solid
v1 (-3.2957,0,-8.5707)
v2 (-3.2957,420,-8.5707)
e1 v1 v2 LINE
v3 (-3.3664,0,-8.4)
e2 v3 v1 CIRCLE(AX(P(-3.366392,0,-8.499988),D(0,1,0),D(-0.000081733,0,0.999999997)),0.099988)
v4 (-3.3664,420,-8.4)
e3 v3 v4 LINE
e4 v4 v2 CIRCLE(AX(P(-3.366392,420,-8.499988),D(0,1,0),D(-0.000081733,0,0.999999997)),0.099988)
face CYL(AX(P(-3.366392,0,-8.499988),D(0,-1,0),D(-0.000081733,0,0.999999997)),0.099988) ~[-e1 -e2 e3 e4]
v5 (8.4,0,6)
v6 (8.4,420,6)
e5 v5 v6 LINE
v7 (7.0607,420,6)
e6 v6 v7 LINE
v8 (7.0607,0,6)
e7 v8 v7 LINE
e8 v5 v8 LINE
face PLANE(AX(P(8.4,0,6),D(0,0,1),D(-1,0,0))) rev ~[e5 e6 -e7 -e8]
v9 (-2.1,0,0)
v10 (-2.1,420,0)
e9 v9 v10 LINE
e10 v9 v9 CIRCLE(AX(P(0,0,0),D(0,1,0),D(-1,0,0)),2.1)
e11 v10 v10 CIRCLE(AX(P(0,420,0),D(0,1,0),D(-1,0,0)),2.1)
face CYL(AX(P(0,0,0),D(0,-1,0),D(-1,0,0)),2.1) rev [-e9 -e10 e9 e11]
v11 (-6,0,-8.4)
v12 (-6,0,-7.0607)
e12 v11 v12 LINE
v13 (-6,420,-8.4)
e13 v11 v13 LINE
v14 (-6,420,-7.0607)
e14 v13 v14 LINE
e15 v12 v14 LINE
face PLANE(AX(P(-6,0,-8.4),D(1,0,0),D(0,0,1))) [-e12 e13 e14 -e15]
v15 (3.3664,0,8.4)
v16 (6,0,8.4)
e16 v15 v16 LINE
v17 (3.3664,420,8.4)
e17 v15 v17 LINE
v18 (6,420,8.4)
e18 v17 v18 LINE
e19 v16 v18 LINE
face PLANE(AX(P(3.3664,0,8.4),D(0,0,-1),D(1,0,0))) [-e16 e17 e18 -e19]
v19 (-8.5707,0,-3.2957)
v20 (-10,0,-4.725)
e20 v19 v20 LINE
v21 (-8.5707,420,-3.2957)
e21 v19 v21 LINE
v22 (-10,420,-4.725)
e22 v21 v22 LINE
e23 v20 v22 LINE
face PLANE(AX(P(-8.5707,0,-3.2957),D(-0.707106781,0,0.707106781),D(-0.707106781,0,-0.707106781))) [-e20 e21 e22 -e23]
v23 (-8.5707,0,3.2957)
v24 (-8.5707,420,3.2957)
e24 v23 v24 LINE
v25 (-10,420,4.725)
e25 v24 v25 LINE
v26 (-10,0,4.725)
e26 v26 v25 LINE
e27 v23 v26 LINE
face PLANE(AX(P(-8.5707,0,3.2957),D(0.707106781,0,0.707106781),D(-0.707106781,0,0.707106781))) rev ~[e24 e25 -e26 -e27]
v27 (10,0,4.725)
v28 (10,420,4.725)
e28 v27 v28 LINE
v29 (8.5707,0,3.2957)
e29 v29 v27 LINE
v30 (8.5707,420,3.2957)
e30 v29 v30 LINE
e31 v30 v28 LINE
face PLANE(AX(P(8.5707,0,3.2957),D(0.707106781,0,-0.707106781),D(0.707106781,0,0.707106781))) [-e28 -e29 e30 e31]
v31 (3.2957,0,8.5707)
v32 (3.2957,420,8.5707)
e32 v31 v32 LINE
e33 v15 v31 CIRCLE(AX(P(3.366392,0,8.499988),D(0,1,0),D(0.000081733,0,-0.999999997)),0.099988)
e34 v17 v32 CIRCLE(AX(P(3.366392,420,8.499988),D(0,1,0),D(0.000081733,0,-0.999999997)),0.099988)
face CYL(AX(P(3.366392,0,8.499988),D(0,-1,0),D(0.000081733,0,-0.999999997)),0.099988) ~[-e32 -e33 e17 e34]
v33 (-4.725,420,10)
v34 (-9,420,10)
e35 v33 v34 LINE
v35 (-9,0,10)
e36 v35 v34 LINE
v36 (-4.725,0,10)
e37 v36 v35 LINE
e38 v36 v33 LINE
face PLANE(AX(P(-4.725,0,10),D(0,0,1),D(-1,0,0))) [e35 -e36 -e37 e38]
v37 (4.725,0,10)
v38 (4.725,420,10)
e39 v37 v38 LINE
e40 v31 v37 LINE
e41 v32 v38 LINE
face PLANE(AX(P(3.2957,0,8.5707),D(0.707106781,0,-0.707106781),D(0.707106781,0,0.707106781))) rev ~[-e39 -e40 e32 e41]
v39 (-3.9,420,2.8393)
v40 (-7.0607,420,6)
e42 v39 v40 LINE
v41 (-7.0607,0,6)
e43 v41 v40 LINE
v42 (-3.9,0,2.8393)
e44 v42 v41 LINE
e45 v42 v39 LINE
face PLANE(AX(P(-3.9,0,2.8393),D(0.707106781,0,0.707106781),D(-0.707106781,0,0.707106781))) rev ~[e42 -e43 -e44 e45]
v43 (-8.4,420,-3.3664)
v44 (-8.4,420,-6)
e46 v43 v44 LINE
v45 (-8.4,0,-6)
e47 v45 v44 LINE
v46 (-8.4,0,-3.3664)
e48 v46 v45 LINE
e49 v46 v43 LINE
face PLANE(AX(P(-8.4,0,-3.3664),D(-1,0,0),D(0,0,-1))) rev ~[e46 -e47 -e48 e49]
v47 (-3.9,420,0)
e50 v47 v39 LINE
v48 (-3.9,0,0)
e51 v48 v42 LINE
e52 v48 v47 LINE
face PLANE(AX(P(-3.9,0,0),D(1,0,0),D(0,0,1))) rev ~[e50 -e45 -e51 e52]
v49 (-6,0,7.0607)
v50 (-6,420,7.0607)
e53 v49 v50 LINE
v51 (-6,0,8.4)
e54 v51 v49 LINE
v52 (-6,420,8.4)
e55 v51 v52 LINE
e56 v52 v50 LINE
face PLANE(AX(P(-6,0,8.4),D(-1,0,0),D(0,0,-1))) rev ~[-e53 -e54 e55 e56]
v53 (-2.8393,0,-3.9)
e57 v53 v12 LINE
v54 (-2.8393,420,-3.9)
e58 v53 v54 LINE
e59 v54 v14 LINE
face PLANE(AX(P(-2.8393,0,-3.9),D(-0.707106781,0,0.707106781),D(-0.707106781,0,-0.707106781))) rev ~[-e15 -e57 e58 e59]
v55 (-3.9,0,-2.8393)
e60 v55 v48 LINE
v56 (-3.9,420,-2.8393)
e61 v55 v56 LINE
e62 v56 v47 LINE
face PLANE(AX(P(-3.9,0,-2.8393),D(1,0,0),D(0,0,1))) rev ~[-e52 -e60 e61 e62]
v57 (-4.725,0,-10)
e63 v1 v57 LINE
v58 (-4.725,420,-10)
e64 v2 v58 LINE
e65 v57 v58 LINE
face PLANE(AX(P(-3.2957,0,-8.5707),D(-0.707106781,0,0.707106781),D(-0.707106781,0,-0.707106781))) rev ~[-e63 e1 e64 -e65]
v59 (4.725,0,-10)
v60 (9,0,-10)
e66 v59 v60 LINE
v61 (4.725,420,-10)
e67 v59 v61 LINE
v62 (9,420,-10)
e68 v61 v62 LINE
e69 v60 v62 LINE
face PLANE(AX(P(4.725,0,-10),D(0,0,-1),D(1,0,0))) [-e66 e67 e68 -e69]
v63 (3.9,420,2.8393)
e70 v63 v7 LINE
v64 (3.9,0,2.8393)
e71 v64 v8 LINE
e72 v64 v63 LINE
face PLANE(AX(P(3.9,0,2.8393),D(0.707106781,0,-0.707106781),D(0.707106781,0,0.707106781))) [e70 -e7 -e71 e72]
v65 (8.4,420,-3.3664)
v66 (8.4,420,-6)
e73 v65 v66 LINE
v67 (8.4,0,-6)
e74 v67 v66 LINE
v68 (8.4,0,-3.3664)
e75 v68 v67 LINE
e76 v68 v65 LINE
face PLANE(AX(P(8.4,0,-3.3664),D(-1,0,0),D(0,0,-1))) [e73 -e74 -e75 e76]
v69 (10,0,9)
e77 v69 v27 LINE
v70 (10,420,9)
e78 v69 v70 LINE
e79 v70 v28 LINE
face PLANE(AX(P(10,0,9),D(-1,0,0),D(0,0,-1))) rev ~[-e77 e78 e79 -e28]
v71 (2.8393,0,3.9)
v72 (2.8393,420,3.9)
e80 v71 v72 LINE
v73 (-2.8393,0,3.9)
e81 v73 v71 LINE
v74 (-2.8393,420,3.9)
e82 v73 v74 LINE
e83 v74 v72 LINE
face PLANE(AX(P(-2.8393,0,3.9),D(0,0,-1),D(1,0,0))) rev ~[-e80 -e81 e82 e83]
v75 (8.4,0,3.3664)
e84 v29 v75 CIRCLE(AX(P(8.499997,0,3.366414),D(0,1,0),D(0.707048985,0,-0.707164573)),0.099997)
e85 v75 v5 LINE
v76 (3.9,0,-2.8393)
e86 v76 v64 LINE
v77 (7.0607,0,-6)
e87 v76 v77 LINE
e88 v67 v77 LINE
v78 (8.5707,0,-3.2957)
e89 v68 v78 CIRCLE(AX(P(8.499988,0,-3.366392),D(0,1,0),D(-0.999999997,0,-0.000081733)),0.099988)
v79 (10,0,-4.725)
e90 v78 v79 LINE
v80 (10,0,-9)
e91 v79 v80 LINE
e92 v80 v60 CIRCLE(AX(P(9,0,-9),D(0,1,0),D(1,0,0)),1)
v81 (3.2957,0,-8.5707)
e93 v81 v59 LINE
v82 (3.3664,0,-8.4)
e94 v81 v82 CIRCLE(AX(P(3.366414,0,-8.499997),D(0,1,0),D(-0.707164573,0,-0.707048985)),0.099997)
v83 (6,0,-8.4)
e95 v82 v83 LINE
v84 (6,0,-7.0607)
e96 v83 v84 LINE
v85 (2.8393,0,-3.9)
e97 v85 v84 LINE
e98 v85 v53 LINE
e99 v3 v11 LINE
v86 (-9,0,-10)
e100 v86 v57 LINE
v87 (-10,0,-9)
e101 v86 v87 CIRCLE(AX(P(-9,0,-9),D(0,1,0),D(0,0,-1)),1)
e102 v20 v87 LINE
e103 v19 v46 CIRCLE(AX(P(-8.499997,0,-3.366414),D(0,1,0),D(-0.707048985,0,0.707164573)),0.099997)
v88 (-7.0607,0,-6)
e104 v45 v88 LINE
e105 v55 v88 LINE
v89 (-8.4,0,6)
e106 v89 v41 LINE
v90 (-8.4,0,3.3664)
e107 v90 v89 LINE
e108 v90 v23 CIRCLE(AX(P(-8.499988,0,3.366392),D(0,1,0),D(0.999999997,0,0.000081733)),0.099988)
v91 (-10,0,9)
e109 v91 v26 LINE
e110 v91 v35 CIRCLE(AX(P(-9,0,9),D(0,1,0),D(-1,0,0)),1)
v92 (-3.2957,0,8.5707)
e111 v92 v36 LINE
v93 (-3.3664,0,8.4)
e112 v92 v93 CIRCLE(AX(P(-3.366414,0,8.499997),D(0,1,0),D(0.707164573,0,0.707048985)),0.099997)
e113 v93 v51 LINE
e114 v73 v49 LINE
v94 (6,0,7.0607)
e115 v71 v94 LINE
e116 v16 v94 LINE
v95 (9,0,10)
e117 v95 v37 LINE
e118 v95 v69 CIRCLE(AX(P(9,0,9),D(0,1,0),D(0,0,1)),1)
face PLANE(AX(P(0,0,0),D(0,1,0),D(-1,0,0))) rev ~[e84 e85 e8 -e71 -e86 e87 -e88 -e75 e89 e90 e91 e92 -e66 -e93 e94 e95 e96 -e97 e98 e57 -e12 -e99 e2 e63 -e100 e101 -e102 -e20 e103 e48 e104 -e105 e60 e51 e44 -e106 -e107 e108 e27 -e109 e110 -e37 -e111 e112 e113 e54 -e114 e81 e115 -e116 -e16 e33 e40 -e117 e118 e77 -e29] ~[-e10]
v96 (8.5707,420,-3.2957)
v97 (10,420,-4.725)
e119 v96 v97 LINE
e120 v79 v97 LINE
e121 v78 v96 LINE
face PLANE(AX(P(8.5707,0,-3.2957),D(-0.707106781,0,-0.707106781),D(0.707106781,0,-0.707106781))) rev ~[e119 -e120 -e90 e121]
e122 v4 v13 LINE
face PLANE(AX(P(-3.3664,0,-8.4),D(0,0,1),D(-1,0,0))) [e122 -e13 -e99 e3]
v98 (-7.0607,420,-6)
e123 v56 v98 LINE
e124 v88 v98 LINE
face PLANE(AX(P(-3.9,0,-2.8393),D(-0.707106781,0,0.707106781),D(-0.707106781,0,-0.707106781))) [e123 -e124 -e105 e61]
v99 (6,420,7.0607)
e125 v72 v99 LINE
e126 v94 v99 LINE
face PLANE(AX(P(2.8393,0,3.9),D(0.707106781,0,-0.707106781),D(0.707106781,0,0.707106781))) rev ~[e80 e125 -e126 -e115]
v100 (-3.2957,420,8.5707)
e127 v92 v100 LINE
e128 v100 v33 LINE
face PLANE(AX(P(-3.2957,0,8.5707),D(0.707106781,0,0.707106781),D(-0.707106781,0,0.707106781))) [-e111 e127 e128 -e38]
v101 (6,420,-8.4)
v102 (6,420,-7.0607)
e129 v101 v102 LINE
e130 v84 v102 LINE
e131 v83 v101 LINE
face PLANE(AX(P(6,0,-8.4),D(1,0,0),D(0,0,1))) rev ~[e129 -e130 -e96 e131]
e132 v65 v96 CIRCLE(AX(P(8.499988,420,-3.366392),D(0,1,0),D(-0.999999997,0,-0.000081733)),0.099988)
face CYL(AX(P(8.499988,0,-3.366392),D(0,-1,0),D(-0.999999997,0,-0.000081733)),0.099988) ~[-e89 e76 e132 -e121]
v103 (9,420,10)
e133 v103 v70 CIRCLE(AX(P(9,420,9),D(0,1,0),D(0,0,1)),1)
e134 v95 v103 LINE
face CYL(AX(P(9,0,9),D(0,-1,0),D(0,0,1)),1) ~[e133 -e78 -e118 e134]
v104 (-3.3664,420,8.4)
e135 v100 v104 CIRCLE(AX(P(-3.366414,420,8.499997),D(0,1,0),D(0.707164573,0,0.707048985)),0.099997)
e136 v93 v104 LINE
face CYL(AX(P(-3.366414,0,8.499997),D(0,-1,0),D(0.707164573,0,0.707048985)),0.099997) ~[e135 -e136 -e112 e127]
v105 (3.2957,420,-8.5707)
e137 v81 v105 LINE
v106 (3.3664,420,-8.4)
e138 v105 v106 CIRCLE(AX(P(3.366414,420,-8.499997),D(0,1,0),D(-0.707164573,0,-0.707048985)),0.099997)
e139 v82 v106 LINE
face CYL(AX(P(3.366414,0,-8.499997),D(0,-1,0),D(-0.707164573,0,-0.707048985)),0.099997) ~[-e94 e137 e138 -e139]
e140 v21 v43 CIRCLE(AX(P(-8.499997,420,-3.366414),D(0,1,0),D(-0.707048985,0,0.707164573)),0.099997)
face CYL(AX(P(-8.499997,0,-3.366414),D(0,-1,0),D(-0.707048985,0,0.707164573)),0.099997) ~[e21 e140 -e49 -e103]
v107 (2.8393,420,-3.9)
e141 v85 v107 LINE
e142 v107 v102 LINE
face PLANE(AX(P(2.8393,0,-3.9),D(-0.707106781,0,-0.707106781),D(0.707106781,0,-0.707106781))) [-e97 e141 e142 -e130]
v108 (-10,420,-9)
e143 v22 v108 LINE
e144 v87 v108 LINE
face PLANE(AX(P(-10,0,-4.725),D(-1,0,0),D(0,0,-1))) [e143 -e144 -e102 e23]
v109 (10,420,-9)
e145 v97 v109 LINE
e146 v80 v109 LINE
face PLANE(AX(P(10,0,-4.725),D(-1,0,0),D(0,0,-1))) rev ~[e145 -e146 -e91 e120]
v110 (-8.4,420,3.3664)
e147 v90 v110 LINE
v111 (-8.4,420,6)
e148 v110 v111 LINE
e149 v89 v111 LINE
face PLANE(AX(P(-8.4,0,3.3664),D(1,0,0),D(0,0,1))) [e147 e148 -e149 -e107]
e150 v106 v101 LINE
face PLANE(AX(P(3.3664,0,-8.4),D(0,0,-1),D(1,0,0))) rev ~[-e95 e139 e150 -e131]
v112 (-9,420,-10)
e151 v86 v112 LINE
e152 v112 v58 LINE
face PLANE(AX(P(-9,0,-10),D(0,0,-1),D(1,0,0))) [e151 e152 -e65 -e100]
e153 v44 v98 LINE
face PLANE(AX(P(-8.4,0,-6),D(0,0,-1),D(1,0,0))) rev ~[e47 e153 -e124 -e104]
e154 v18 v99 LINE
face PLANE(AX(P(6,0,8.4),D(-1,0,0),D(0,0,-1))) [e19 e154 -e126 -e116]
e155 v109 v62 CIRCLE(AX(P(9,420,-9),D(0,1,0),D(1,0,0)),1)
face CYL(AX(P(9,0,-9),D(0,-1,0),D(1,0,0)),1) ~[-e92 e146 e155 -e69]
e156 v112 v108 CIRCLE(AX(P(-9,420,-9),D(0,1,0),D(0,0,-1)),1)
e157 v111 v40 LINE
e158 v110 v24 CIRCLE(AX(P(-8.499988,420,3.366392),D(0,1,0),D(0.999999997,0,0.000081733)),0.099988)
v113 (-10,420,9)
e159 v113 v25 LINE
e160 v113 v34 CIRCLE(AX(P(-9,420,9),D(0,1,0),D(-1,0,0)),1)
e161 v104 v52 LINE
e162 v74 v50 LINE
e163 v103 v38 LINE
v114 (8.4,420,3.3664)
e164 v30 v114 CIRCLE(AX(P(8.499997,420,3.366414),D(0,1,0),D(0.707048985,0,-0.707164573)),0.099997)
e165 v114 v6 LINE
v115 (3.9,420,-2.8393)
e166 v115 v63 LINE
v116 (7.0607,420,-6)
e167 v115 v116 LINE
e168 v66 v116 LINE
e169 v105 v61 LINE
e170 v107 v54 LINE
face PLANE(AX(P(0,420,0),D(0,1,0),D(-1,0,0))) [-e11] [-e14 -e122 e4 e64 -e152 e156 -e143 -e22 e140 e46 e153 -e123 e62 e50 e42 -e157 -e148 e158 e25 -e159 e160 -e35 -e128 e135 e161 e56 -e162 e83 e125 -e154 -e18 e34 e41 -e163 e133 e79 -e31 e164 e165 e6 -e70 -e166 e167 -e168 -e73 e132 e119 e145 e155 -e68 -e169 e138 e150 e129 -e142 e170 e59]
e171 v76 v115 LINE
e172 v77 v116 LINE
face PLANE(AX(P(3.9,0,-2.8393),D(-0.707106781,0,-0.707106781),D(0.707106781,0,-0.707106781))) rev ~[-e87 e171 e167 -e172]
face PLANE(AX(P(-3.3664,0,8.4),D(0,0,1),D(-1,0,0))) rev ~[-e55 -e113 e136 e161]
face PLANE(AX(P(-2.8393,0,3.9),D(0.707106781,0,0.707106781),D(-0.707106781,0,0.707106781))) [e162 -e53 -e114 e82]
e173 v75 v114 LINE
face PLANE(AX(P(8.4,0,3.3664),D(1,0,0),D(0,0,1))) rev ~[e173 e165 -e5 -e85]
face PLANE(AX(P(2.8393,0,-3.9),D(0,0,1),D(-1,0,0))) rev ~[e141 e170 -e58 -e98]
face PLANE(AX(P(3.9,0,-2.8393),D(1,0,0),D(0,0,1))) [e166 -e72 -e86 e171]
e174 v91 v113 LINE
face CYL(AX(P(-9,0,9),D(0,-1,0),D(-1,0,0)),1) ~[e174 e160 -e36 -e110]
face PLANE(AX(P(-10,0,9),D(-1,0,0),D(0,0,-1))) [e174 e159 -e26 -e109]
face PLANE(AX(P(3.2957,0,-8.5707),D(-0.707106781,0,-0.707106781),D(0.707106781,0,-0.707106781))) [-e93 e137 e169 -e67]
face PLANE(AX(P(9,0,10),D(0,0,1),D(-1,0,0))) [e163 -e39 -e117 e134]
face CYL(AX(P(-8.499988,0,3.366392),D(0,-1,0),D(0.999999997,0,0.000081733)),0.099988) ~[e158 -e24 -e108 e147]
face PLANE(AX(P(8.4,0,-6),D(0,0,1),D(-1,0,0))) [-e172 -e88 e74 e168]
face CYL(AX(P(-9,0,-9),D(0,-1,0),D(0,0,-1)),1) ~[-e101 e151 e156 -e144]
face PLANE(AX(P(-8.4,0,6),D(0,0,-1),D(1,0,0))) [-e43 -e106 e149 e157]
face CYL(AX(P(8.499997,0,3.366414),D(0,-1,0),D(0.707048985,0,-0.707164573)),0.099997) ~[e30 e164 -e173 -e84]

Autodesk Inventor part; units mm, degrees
ref_plane "YZ Plane" through (0, 0, 0) normal (1, 0, 0) x (0, 1, 0)
ref_plane "XZ Plane" through (0, 0, 0) normal (0, 1, 0) x (-1, 0, 0)
ref_plane "XY Plane" through (0, 0, 0) normal (0, 0, 1) x (1, 0, 0)
sketch "Sketch1" plane through (0, 0, 0) normal (0, 1, 0) x (-1, 0, 0)
  line L0 (3.9, -2.8393) -> (3.9, 2.8393)
  line L1 (2.8393, 3.9) -> (-2.8393, 3.9)
  line L2 (-2.8393, -3.9) -> (2.8393, -3.9)
  line L3 (8.5707, 3.2957) -> (10, 4.725)
  line L4 (8.5707, -3.2957) -> (10, -4.725)
  line L5 (8.4, 3.3664) -> (8.4, 6)
  line L6 (8.4, 6) -> (7.0607, 6)
  line L7 (10, 9) -> (10, 4.725)
  line L8 (10, -4.725) -> (10, -9)
  line L9 (3.9, 2.8393) -> (7.0607, 6)
  line L10 (3.2957, 8.5707) -> (4.725, 10)
  line L11 (3.3664, 8.4) -> (6, 8.4)
  line L12 (6, 8.4) -> (6, 7.0607)
  line L13 (2.8393, 3.9) -> (6, 7.0607)
  line L14 (3.9, 0) -> (8.4, 0)
  line L15 (8.4, -3.3664) -> (8.4, -6)
  line L16 (8.4, -6) -> (7.0607, -6)
  line L17 (3.9, -2.8393) -> (7.0607, -6)
  line L18 (3.2957, -8.5707) -> (4.725, -10)
  line L19 (3.3664, -8.4) -> (6, -8.4)
  line L20 (6, -8.4) -> (6, -7.0607)
  line L21 (2.8393, -3.9) -> (6, -7.0607)
  line L22 (-3.9, -2.8393) -> (-3.9, 2.8393)
  line L23 (-8.5707, 3.2957) -> (-10, 4.725)
  line L24 (-8.5707, -3.2957) -> (-10, -4.725)
  line L25 (-8.4, 3.3664) -> (-8.4, 6)
  line L26 (-8.4, 6) -> (-7.0607, 6)
  line L27 (-10, 9) -> (-10, 4.725)
  line L28 (-10, -4.725) -> (-10, -9)
  line L29 (-3.9, 2.8393) -> (-7.0607, 6)
  line L30 (-3.2957, 8.5707) -> (-4.725, 10)
  line L31 (-3.3664, 8.4) -> (-6, 8.4)
  line L32 (-6, 8.4) -> (-6, 7.0607)
  line L33 (-2.8393, 3.9) -> (-6, 7.0607)
  line L34 (-3.9, -2.8393) -> (-7.0607, -6)
  line L35 (-8.4, -6) -> (-7.0607, -6)
  line L36 (-8.4, -3.3664) -> (-8.4, -6)
  line L37 (-2.8393, -3.9) -> (-6, -7.0607)
  line L38 (-6, -8.4) -> (-6, -7.0607)
  line L39 (-3.3664, -8.4) -> (-6, -8.4)
  line L40 (-3.2957, -8.5707) -> (-4.725, -10)
  line L41 (-9, 10) -> (-4.725, 10)
  line L42 (4.725, 10) -> (9, 10)
  line L43 (9, -10) -> (4.725, -10)
  line L44 (-4.725, -10) -> (-9, -10)
  circle A0 centre (0, 0) radius 2.1
  arc A1 (10, 9) -> (9, 10) centre (9, 9) ccw
  arc A2 (9, -10) -> (10, -9) centre (9, -9) ccw
  arc A3 (-10, -9) -> (-9, -10) centre (-9, -9) ccw
  arc A4 (-9, 10) -> (-10, 9) centre (-9, 9) ccw
  arc A5 (8.4, 3.3664) -> (8.5707, 3.2957) centre (8.5, 3.3664) ccw
  arc A6 (3.2957, 8.5707) -> (3.3664, 8.4) centre (3.3664, 8.5) ccw
  arc A7 (8.5707, -3.2957) -> (8.4, -3.3664) centre (8.5, -3.3664) ccw
  arc A8 (3.3664, -8.4) -> (3.2957, -8.5707) centre (3.3664, -8.5) ccw
  arc A9 (-3.2957, -8.5707) -> (-3.3664, -8.4) centre (-3.3664, -8.5) ccw
  arc A10 (-8.4, -3.3664) -> (-8.5707, -3.2957) centre (-8.5, -3.3664) ccw
  arc A11 (-8.5707, 3.2957) -> (-8.4, 3.3664) centre (-8.5, 3.3664) ccw
  arc A12 (-3.3664, 8.4) -> (-3.2957, 8.5707) centre (-3.3664, 8.5) ccw
  dimension "d11" = 1
extrude "Extrusion1" add sketch "Sketch1" along normal blind 420
properties part number "VSLOT20x20x420"
